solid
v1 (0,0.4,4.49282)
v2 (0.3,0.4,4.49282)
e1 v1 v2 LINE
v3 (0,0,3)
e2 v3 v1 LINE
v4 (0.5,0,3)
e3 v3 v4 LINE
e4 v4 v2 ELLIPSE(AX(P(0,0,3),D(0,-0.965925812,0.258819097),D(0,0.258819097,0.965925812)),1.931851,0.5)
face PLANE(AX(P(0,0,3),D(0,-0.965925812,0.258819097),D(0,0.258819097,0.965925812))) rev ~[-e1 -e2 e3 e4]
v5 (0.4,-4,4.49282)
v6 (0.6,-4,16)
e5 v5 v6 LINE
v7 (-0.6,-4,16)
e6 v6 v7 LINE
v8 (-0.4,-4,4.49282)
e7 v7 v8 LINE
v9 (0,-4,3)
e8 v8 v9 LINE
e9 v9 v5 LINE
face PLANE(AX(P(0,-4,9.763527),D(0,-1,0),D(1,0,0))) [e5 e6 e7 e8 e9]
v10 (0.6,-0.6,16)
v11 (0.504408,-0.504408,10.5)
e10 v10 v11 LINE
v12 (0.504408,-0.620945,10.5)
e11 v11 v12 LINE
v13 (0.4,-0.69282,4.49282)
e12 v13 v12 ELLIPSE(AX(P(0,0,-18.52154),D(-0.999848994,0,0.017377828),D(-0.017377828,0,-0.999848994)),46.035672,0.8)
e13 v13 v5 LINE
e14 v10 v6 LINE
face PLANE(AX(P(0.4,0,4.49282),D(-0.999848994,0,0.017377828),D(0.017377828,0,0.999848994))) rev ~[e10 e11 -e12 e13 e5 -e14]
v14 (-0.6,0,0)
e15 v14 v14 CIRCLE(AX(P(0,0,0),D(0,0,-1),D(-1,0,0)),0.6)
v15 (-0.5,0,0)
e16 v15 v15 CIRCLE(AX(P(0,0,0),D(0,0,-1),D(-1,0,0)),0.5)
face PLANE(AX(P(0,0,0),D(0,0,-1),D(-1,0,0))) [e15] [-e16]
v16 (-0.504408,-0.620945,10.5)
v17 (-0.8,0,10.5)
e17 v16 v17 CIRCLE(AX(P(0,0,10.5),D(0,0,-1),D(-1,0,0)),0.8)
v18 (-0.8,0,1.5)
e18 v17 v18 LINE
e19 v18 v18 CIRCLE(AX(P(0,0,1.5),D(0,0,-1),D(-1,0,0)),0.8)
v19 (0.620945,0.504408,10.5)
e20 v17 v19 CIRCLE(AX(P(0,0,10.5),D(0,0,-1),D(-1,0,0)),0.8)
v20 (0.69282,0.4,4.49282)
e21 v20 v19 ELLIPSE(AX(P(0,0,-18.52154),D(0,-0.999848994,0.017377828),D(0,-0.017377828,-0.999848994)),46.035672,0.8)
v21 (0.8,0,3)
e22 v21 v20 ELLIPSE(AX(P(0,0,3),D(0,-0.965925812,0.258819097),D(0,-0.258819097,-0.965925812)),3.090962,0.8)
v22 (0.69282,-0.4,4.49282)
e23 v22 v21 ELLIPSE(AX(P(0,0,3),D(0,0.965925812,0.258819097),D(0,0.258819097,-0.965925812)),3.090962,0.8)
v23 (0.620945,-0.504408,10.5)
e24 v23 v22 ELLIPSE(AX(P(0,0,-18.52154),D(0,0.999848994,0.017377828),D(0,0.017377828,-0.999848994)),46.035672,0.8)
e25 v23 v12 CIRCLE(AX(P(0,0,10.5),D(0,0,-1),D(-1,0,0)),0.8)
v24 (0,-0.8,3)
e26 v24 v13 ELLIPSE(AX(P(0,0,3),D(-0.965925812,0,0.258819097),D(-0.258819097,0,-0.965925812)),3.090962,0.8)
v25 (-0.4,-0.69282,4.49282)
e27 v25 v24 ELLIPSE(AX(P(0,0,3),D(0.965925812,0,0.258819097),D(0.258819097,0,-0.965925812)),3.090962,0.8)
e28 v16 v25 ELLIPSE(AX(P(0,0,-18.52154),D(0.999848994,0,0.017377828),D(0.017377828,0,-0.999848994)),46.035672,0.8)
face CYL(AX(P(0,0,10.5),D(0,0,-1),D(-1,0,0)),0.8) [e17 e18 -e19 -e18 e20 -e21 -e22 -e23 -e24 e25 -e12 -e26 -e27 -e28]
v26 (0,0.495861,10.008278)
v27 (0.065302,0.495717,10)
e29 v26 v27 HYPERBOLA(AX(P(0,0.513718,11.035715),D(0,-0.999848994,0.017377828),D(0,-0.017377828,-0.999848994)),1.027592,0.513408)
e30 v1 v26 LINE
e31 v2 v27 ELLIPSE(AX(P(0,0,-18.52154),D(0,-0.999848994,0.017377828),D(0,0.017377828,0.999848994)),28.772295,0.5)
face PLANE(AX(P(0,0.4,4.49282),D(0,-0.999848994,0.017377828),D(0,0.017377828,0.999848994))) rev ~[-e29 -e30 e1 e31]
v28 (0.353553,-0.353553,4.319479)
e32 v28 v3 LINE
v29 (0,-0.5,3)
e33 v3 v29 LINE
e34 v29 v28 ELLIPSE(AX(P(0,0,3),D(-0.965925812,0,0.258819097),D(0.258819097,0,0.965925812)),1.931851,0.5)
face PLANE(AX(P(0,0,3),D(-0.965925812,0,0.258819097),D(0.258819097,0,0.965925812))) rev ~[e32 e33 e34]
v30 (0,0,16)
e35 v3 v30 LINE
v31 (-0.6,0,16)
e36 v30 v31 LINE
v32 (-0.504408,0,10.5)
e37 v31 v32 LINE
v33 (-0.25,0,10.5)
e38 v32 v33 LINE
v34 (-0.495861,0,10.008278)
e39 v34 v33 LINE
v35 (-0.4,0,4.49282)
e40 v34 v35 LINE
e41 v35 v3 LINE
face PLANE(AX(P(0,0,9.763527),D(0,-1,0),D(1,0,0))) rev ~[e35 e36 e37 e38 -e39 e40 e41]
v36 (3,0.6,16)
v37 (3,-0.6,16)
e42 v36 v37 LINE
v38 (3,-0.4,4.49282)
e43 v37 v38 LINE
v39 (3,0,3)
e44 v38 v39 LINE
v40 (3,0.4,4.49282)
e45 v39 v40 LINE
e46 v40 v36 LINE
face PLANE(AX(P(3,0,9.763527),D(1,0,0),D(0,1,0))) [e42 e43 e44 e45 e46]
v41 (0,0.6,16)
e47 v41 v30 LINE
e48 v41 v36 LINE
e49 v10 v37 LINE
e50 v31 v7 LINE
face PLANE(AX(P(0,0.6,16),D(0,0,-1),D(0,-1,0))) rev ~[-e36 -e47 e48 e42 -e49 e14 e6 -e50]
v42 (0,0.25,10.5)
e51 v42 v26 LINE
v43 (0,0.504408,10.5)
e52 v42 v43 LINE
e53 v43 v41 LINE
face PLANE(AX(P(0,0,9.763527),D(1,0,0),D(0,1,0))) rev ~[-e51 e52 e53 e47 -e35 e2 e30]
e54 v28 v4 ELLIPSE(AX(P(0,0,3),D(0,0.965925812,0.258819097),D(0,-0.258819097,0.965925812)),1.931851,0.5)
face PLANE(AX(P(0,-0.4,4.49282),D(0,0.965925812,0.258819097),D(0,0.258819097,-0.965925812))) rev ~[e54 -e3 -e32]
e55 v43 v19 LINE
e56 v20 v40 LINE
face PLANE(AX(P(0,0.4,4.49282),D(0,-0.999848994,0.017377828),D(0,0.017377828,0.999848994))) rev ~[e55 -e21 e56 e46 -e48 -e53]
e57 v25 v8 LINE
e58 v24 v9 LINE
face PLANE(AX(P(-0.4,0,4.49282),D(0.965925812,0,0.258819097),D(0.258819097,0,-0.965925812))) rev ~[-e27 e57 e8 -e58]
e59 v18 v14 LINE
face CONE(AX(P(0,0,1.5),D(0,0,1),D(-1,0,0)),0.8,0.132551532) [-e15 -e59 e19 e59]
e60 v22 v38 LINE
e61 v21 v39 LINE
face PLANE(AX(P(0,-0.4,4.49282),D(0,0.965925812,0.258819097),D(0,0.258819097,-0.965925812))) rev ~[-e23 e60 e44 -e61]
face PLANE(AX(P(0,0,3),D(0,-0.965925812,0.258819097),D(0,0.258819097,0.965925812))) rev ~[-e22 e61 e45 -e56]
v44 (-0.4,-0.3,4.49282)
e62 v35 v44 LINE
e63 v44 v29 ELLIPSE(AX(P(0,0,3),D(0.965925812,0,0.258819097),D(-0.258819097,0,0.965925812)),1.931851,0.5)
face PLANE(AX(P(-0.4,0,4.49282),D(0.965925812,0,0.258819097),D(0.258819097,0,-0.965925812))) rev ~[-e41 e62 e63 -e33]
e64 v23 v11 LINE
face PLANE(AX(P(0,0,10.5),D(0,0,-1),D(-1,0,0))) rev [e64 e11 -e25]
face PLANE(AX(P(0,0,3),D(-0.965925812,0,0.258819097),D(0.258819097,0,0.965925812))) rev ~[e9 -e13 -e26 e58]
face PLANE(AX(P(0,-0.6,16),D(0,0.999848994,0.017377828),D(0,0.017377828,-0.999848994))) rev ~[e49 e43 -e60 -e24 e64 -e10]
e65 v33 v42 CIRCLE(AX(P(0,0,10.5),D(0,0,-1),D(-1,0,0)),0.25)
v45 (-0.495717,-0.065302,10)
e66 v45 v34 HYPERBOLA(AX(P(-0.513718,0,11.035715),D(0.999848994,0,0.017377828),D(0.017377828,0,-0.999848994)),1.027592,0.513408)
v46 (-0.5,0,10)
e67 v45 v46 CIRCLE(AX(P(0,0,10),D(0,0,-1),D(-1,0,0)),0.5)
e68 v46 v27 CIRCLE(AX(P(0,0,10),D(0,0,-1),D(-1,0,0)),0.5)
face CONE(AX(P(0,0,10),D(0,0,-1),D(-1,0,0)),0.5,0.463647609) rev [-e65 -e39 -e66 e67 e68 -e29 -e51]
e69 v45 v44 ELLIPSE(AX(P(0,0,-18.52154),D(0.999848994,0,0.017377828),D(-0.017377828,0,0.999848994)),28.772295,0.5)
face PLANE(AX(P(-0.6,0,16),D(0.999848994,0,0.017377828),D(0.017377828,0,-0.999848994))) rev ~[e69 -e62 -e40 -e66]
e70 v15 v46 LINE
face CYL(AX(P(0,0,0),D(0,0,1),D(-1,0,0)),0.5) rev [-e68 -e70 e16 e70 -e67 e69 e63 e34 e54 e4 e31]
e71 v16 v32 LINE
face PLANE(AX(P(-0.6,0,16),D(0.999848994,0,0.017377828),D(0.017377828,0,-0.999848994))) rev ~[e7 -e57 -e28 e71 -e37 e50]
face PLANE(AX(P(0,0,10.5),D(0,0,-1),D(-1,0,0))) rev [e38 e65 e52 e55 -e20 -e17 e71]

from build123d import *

# Parameters (mm, degrees)
F3_DEPTH = 4
F5_DEPTH = 3


with BuildPart() as f1:
    # F0 (on Front) → F1 (revolve)
    with BuildSketch(Plane.XZ):
        Polygon((-0.25, 10.5), (-0.8, 10.5), (-0.8, 1.5), (-0.6, 0), (-0.5, 0), (-0.5, 10), align=None)
    revolve(axis=Axis((0, 0, 5.25), (0, 0, -1)))

    # F2 (on Front) → F3 (join)
    with BuildSketch(Plane.XZ):
        Polygon((0.6, 16), (-0.6, 16), (-0.4, 4.49282), (0, 3), (0.4, 4.49282), align=None)
    extrude(amount=F3_DEPTH)

    # F4 (on Right) → F5 (join)
    with BuildSketch(Plane.YZ):
        Polygon((0.6, 16), (-0.6, 16), (-0.4, 4.49282), (0, 3), (0.4, 4.49282), align=None)
    extrude(amount=F5_DEPTH)


solid = f1.part
